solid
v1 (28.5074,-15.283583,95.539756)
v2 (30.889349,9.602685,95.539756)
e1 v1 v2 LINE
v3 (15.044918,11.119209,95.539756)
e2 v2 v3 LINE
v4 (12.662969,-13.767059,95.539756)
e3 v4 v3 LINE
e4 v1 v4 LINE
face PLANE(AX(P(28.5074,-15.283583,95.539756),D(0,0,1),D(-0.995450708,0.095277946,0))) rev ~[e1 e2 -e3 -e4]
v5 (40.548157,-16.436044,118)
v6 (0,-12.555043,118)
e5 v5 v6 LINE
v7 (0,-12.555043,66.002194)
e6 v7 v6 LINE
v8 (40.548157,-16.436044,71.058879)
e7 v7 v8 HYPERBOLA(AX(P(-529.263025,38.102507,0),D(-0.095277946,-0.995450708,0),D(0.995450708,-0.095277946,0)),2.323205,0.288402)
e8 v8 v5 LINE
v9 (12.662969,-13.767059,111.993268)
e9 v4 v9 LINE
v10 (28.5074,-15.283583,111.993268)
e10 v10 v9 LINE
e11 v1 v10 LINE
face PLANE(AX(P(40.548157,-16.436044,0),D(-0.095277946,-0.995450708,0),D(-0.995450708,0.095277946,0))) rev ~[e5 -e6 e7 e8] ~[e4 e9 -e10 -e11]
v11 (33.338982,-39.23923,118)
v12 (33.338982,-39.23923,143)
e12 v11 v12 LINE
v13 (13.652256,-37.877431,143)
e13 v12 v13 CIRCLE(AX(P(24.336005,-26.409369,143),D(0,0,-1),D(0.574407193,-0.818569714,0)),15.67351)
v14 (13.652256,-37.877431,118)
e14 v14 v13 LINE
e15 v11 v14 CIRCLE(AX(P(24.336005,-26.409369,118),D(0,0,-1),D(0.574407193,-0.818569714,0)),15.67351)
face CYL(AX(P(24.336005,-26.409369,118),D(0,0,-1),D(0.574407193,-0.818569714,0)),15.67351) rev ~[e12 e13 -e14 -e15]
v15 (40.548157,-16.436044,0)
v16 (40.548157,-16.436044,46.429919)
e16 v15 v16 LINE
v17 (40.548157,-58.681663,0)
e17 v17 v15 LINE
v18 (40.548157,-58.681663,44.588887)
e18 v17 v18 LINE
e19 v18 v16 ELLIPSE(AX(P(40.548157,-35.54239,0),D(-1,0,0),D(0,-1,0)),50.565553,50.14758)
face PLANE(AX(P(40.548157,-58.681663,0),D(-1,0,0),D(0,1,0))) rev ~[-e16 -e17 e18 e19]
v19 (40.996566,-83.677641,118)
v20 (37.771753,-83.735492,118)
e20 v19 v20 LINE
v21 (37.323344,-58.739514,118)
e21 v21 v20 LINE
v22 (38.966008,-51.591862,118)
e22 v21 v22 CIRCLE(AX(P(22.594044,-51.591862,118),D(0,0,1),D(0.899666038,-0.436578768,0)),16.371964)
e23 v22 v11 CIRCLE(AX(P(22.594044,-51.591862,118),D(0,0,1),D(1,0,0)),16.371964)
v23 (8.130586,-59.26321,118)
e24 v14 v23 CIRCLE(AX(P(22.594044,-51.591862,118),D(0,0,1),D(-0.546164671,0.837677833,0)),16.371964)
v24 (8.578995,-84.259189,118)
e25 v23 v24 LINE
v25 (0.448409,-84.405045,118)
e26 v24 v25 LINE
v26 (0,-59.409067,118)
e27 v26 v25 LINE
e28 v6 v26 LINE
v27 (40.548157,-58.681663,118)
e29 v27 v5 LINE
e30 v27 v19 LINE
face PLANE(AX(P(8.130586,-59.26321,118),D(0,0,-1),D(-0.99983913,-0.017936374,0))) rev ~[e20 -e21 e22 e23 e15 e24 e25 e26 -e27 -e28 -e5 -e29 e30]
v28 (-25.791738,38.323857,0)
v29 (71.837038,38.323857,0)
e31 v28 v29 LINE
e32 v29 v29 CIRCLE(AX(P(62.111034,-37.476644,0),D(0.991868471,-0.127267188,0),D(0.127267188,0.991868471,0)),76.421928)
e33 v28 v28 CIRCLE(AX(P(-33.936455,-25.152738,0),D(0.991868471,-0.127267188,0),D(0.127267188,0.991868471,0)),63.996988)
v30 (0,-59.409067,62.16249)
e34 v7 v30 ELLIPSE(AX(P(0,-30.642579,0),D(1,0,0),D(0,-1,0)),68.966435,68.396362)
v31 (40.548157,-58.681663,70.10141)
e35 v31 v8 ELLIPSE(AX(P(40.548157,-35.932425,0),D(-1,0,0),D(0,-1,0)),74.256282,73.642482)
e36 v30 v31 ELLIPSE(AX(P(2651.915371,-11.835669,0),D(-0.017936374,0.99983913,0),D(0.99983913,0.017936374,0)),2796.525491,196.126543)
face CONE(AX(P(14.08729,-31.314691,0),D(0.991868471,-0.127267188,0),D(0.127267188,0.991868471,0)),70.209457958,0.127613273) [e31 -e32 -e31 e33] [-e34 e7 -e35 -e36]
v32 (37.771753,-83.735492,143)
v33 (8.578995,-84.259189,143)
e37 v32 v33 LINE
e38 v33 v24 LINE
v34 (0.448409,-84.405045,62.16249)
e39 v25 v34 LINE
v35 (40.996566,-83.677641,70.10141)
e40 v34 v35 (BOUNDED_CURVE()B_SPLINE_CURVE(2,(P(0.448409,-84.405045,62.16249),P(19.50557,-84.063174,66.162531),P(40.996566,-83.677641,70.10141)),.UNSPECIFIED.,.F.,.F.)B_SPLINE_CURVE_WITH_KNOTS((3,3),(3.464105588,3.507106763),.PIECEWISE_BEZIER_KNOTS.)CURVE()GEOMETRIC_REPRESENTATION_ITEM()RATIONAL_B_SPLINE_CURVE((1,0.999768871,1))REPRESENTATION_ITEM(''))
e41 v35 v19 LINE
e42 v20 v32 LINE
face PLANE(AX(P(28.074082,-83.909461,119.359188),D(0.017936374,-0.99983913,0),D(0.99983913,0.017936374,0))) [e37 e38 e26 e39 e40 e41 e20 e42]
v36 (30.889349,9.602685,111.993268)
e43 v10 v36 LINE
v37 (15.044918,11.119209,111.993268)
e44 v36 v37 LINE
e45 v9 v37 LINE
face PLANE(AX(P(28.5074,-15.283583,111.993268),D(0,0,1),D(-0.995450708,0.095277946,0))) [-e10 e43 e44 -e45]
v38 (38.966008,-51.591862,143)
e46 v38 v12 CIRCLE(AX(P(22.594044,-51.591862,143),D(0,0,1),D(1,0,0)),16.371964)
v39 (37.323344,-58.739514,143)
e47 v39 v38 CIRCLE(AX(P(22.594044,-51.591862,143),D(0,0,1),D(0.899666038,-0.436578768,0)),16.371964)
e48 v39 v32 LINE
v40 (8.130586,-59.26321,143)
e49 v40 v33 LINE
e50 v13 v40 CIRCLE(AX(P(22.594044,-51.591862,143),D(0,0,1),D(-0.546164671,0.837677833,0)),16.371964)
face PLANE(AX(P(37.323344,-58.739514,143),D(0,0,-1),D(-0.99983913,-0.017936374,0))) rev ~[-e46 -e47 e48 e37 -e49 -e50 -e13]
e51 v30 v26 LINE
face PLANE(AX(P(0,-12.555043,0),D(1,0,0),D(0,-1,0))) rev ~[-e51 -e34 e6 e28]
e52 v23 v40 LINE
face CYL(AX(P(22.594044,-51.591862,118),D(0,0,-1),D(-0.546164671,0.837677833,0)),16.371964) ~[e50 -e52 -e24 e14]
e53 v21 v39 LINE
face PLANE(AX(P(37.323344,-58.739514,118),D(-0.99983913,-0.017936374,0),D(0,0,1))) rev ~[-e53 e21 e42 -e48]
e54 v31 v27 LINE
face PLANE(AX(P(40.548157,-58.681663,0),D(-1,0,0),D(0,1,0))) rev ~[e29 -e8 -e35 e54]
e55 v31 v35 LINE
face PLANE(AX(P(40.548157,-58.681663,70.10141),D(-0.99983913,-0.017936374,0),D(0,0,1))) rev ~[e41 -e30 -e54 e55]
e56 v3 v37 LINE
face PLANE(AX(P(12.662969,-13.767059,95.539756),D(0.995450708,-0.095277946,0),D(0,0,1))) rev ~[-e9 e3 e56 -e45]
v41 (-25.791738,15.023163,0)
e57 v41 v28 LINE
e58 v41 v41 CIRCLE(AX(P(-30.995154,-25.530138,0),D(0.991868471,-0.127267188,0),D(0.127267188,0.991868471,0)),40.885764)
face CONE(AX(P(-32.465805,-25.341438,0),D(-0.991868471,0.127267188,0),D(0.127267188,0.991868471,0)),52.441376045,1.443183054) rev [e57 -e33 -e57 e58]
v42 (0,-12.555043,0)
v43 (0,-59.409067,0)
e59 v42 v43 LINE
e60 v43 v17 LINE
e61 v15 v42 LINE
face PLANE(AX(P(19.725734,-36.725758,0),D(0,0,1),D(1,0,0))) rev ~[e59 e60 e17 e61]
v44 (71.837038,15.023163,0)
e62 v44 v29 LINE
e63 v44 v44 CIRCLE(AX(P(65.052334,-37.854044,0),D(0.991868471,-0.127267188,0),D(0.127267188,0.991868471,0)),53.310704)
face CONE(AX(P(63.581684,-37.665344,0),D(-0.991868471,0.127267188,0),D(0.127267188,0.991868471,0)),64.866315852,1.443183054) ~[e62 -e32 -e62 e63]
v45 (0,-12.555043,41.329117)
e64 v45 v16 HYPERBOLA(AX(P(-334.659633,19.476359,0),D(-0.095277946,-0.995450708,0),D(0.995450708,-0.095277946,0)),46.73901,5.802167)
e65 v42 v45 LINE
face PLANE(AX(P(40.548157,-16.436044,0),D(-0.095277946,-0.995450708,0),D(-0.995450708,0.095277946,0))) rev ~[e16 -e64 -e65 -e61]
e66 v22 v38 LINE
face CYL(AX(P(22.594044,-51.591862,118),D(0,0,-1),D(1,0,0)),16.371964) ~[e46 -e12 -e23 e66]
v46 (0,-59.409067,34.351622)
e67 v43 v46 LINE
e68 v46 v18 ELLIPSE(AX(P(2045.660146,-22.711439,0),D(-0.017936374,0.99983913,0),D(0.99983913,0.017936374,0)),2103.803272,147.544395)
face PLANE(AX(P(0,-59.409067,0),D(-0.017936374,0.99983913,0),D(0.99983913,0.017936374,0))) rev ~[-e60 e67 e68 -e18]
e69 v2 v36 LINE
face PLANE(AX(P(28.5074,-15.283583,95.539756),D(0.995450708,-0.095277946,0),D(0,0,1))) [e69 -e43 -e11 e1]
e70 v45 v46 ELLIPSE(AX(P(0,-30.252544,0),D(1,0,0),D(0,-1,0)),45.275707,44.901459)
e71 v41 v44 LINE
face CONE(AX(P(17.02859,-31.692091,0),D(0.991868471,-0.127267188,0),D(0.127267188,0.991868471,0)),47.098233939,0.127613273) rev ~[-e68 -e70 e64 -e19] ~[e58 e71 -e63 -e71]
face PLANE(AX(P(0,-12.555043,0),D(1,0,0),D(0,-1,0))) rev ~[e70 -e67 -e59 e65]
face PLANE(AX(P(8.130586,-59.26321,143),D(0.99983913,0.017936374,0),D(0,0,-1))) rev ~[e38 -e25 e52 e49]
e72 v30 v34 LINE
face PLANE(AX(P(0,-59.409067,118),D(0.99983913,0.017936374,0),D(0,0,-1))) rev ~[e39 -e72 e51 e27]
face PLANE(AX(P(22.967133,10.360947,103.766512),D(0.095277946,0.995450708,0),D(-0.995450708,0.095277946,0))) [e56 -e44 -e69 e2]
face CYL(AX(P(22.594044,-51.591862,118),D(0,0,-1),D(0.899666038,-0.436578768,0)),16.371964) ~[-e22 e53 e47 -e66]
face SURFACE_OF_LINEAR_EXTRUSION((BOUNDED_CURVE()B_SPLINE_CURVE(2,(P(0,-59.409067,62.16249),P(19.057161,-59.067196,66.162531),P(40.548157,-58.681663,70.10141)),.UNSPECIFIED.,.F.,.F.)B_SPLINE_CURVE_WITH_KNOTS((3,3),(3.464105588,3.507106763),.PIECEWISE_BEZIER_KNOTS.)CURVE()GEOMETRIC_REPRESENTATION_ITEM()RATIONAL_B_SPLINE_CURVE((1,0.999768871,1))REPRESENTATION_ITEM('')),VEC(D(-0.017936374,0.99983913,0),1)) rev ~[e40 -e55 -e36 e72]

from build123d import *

# Parameters (mm, degrees)
F0_W      = 97.628775984
F0_H      = 23.3006943017
F3_DEPTH  = 118
F5_DEPTH  = 25
F6_W      = 12.4683696777
F6_H      = 23.7819701433
F7_DEPTH  = 25
F6_W_2    = 16.8170528486
F6_H_2    = 20.5661654472
F6_W_3    = 3.8202507421
F6_H_3    = 18.9904868603
F5_FACE_W = 12.4683696777
F5_FACE_H = 23.7819701433
F8_DEPTH  = 25
F9_W      = 15.9168411046
F9_H      = 16.453512013
F10_DEPTH = 25


with BuildPart() as f1:
    # F0 (on Top) → F1 (revolve)
    with BuildSketch(Plane.XY):
        with Locations((23.0226498097, 26.6735097393)):
            Rectangle(F0_W, F0_H)
    revolve(axis=Axis((24.7196350247, -32.6789328828, 0), (0.9918684705, -0.1272671882, 0)))

    # F2 (on Top) → F3 (join)
    with BuildSketch(Plane.XY):
        Polygon((0, -12.5550432131), (0, -59.4090670347), (40.5481569469, -58.6816631258), (40.5481569469, -16.4360441267), align=None)
    extrude(amount=F3_DEPTH)

    # F4 (on face) → F5 (join)
    with BuildSketch(Plane.XY.offset(118)):
        with BuildLine():
            ThreePointArc((38.9660080346, -51.5918619931), (37.4929859335, -44.804908652), (33.3389817945, -39.2392299533))
            ThreePointArc((33.3389817945, -39.2392299533), (23.254398026, -42.045514844), (13.6522556306, -37.8774306208))
            ThreePointArc((13.6522556306, -37.8774306208), (6.7419373602, -47.498950756), (8.1305858475, -59.2632103455))
            Line((8.1305858475, -59.2632103455), (37.3233440131, -58.7395138818))
            ThreePointArc((37.3233440131, -58.7395138818), (38.5500581705, -55.2588523329), (38.9660080346, -51.5918619931))
        make_face()
    extrude(amount=F5_DEPTH)

    # F6 (on face) → F7 (join)
    with BuildSketch(Plane(origin=(1.0654118014, -59.389954336, 0), x_dir=(0.9998391303, 0.0179363736, 0), z_dir=(0.0179363736, -0.9998391303, 0))):
        with Locations((26.5645338222, 119.3591877818)):
            Rectangle(F6_W, F6_H)
    extrude(amount=F7_DEPTH)

    # F6 (on face) + F5_face (on face) → F8 (join)
    with BuildSketch(Plane(origin=(1.0654118014, -59.389954336, 0), x_dir=(0.9998391303, 0.0179363736, 0), z_dir=(0.0179363736, -0.9998391303, 0))):
        with Locations((18.3676513843, 90.3412923217)):
            Rectangle(F6_W_2, F6_H_2)
        with Locations((26.5645338222, 119.3591877818)):
            Rectangle(F6_W, F6_H)
        with Locations((12.6832216047, 116.9634461403)):
            Rectangle(F6_W_3, F6_H_3)
    with BuildSketch(Plane(origin=(20.5226573435, -59.0409057594, 101.9755675833), x_dir=(0.9998391303, 0.0179363736, 0), z_dir=(0.0179363736, -0.9998391303, 0))):
        with BuildLine():
            add(Edge.make_bspline(
                [(-20.5259593482, -39.813077169), (-1.4657323401, -35.8130367899), (20.0287216176, -31.8741575877)],
                knots=[3.4641055883, 3.4641055883, 3.4641055883, 3.5071067631, 3.5071067631, 3.5071067631], degree=2, weights=[1, 0.9997688713, 1]))
            Line((20.0287216176, -31.8741575877), (20.0287216176, 16.0244324167))
            Line((20.0287216176, 16.0244324167), (16.8033898257, 16.0244324167))
            Line((16.8033898257, 16.0244324167), (16.8033898257, 41.0244324167))
            Line((16.8033898257, 41.0244324167), (-12.3940653254, 41.0244324167))
            Line((-12.3940653254, 41.0244324167), (-12.3940653254, 16.0244324167))
            Line((-12.3940653254, 16.0244324167), (-20.5259593482, 16.0244324167))
            Line((-20.5259593482, 16.0244324167), (-20.5259593482, -39.813077169))
        make_face()
        with Locations((7.1041576955, 17.3836201985)):
            Rectangle(F5_FACE_W, F5_FACE_H, mode=Mode.SUBTRACT)
    extrude(amount=F8_DEPTH)

    # F9 (on face) → F10 (join)
    with BuildSketch(Plane(origin=(-1.1907767819, -12.4410699495, 0), x_dir=(-0.9954507085, 0.095277946, 0), z_dir=(0.095277946, 0.9954507085, 0))):
        with Locations((-21.8754792586, 103.7665121257)):
            Rectangle(F9_W, F9_H)
    extrude(amount=F10_DEPTH)


solid = f1.part
